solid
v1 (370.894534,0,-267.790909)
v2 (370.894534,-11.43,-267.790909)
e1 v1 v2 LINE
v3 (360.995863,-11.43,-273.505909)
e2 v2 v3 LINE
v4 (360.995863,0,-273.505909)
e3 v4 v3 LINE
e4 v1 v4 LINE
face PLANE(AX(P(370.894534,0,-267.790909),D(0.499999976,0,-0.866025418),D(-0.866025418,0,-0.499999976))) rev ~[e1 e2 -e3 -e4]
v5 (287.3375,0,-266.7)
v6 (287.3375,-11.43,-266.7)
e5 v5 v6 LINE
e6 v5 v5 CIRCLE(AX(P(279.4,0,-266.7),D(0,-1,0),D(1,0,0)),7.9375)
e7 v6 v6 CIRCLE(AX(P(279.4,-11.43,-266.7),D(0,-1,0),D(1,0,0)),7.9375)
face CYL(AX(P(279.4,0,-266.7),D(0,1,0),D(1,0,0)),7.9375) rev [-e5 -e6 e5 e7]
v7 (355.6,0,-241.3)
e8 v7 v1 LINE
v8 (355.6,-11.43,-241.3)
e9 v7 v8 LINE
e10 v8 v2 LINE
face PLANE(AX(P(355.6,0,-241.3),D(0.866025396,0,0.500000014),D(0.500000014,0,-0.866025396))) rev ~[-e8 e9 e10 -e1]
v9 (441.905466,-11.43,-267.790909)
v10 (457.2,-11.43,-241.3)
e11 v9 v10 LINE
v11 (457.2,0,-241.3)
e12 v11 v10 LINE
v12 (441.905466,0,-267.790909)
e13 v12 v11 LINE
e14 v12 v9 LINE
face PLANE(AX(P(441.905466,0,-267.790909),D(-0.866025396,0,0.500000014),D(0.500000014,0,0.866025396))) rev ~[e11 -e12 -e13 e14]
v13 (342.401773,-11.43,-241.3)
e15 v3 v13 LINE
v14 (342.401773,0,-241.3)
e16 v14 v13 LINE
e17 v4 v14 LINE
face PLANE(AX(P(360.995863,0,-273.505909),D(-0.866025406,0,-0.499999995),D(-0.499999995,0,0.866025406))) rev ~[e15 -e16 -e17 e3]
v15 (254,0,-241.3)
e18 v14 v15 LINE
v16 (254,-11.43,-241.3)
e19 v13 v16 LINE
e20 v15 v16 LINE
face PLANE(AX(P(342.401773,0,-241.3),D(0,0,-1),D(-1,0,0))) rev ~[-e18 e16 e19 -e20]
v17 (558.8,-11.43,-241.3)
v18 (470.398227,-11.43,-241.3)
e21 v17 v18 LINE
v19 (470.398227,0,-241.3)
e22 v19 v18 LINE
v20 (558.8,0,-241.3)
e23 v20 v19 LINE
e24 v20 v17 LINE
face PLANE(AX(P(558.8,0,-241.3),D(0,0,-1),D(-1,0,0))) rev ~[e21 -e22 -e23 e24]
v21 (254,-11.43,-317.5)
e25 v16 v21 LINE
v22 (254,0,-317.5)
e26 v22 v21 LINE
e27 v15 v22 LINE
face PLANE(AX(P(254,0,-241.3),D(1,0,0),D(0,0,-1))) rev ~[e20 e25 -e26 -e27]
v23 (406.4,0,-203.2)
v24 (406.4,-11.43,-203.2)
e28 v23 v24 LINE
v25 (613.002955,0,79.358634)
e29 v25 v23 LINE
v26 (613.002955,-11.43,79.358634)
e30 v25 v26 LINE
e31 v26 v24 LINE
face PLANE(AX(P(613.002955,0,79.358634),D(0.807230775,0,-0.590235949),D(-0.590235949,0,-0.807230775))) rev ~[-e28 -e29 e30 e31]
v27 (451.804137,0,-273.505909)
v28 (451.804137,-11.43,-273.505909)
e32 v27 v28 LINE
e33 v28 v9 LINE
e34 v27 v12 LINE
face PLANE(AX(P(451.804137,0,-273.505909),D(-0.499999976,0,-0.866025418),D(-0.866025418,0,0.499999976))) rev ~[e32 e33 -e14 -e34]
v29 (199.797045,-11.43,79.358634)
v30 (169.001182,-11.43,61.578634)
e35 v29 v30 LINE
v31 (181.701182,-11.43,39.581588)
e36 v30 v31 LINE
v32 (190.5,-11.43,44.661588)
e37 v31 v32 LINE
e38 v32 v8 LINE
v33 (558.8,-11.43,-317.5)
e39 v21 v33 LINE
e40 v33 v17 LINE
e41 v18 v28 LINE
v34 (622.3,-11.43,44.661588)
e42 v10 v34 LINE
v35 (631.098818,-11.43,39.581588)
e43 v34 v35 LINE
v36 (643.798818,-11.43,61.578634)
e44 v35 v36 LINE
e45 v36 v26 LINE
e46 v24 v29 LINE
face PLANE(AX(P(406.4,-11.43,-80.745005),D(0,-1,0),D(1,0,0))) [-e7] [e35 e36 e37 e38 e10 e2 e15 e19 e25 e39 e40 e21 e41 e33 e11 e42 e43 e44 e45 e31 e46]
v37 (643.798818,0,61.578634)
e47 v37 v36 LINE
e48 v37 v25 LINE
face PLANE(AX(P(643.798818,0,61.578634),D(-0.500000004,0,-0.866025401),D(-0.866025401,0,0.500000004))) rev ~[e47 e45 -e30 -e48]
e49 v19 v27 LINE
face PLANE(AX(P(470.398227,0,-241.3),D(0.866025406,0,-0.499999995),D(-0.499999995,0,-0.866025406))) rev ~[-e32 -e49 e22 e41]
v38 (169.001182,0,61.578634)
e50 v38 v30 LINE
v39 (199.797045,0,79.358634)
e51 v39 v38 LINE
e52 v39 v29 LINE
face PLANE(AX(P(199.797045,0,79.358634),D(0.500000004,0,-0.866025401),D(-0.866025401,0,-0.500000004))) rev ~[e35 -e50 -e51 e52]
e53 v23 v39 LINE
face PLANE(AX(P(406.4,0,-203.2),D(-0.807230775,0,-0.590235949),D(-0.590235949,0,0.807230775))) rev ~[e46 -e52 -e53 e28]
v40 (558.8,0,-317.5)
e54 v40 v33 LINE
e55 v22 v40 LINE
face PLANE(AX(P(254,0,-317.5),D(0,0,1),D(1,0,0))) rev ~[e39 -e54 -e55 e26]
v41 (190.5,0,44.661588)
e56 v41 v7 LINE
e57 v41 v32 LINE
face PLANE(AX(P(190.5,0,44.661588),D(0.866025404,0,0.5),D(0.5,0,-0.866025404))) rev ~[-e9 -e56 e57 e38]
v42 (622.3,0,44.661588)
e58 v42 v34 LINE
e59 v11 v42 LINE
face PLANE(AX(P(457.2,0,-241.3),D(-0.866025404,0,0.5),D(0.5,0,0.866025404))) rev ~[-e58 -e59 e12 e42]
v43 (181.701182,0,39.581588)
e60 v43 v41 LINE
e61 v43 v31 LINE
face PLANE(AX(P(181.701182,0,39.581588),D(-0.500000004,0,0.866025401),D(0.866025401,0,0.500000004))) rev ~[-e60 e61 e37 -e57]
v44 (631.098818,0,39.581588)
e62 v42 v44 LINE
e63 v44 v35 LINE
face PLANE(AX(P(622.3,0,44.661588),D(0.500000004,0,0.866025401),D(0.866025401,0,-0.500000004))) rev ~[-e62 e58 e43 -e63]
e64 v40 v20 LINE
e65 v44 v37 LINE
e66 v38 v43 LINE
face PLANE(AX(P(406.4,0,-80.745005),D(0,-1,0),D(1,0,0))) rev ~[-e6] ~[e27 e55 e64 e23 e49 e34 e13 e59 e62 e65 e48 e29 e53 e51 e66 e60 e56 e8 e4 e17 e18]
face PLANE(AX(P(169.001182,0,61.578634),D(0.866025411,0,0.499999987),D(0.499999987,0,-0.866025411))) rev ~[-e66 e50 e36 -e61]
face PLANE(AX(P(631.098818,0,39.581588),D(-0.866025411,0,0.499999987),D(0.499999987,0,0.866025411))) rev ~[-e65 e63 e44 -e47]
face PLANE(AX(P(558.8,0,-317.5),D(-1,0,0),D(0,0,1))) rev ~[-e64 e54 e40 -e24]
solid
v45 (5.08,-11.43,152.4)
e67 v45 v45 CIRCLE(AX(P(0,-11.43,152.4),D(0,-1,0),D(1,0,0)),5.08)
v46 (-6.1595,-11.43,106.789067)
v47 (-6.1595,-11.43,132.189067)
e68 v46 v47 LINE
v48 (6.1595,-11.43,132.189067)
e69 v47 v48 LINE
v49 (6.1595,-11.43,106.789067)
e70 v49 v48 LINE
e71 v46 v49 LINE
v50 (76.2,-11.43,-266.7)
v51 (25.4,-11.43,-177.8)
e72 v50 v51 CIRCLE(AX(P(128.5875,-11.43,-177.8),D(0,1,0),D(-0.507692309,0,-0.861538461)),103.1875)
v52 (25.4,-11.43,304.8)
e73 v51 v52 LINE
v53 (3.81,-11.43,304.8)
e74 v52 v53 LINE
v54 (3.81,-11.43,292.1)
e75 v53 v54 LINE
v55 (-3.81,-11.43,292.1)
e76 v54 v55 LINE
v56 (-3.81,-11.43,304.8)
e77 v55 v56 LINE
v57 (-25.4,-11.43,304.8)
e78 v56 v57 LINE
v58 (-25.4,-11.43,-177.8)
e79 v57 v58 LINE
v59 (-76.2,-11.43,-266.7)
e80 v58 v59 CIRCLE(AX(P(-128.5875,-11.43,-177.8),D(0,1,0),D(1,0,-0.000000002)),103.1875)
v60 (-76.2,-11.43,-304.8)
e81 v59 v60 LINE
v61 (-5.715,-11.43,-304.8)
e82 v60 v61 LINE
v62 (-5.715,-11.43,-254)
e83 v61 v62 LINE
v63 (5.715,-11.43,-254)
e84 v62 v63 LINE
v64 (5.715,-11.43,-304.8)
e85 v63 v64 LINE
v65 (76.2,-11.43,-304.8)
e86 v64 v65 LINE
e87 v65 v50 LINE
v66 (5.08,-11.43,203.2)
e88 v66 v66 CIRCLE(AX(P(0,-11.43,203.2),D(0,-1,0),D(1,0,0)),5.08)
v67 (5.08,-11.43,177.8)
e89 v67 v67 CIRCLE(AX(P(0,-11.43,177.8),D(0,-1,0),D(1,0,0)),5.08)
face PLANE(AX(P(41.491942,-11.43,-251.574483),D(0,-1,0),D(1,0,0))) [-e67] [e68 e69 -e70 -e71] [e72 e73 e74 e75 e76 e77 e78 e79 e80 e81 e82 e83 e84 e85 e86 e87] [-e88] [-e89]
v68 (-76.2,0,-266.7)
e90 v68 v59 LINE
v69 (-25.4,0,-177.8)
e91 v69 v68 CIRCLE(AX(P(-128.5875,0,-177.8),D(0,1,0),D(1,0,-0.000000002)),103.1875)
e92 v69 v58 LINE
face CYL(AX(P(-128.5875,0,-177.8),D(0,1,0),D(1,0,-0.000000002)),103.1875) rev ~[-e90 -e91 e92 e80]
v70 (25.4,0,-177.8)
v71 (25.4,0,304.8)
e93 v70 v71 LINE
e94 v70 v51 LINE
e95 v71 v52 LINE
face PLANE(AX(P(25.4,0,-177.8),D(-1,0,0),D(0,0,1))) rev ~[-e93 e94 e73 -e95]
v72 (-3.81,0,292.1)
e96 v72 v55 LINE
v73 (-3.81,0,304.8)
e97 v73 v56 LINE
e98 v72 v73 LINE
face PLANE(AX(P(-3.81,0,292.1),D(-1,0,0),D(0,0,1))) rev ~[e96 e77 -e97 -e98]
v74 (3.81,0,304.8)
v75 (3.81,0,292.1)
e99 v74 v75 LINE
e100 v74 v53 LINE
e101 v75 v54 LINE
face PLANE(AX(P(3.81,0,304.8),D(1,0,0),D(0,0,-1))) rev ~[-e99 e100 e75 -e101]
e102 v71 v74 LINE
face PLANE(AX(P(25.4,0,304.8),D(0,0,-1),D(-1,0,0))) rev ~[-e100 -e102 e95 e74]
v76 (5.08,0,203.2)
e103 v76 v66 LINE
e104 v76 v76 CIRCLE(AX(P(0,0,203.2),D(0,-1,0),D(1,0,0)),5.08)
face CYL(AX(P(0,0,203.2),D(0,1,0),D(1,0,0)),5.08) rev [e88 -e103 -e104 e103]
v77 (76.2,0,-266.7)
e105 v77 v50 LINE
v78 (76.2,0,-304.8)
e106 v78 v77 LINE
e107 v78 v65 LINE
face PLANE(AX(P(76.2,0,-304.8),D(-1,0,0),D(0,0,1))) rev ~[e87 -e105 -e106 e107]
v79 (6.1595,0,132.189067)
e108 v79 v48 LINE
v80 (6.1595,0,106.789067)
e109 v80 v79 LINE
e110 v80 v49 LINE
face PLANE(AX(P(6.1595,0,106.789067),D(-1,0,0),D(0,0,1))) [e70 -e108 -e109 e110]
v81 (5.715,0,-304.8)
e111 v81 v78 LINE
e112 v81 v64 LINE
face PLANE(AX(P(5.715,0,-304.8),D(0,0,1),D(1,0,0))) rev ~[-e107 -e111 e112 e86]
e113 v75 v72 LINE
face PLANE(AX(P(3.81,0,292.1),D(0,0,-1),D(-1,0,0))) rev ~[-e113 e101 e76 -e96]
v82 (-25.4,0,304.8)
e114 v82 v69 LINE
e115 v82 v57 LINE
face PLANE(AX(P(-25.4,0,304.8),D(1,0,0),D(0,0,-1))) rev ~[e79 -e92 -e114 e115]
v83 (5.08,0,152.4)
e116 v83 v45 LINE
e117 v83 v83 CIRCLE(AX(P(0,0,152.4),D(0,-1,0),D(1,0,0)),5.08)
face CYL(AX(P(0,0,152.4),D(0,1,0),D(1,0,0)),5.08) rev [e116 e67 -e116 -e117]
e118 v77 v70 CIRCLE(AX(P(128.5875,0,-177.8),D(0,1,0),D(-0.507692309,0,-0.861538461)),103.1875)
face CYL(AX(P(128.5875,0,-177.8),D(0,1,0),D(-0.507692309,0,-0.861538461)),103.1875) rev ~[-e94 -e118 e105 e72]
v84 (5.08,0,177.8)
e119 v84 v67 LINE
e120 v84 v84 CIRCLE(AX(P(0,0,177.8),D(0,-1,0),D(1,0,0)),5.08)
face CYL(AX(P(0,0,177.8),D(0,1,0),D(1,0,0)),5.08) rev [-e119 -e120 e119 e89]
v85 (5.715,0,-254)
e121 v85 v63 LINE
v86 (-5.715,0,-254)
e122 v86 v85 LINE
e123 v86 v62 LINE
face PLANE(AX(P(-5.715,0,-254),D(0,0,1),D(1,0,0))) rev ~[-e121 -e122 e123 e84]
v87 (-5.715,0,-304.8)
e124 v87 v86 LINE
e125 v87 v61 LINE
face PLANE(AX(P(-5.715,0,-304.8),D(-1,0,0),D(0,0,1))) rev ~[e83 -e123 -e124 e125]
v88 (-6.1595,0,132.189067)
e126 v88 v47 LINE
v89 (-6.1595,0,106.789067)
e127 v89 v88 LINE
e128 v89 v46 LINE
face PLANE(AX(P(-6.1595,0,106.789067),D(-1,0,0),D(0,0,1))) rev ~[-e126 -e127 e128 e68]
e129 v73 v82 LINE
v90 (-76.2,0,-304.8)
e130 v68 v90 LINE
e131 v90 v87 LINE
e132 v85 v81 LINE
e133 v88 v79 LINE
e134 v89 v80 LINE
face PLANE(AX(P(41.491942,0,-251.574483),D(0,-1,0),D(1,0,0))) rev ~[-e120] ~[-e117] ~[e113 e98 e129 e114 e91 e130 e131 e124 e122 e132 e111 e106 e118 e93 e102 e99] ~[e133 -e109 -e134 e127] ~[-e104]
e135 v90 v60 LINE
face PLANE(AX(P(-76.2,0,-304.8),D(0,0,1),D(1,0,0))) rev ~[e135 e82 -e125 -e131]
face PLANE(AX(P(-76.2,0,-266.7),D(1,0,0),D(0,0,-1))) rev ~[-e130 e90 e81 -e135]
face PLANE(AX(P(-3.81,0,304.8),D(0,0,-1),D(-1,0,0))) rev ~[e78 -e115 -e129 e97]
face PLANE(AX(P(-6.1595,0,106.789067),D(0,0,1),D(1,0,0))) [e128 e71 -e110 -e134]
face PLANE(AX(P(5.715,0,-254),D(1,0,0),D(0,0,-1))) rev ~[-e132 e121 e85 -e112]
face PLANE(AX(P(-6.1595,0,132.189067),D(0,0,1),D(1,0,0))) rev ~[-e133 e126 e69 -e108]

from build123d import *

# Parameters (mm, degrees)
F0_W     = 12.319
F0_H     = 25.4
F0_R     = 5.08
F0_R_2   = 7.9375
F1_DEPTH = 11.43


with BuildPart() as f1:
    # F0 (on Front) → F1 (new body)
    with BuildSketch(Plane.XZ):
        with BuildLine():
            ThreePointArc((76.2, -266.7), (38.995661, -228.995337), (25.4, -177.8))
            Line((25.4, -177.8), (25.4, -304.8))
            Line((25.4, -304.8), (76.2, -304.8))
            Line((76.2, -304.8), (76.2, -266.7))
        make_face()
        Polygon((-3.81, 304.8), (-25.4, 304.8), (-25.4, -177.8), (-25.4, -304.8), (-5.715, -304.8), (-5.715, -254), (5.715, -254), (5.715, -304.8), (25.4, -304.8), (25.4, -177.8), (25.4, 304.8), (3.81, 304.8), (3.81, 292.1), (-3.81, 292.1), align=None)
        with Locations((0, 119.489067)):
            Rectangle(F0_W, F0_H, mode=Mode.SUBTRACT)
        with Locations((0, 152.4)):
            Circle(F0_R, mode=Mode.SUBTRACT)
        with Locations((0, 177.8)):
            Circle(F0_R, mode=Mode.SUBTRACT)
        with Locations((0, 203.2)):
            Circle(F0_R, mode=Mode.SUBTRACT)
        with BuildLine():
            Line((-25.4, -304.8), (-25.4, -177.8))
            ThreePointArc((-25.4, -177.8), (-38.995661, -228.995337), (-76.2, -266.7))
            Line((-76.2, -266.7), (-76.2, -304.8))
            Line((-76.2, -304.8), (-25.4, -304.8))
        make_face()
        Polygon((190.5, 44.661588), (355.6, -241.3), (457.2, -241.3), (622.3, 44.661588), (635, 66.658634), (613.002955, 79.358634), (406.4, -203.2), (199.797045, 79.358634), (177.8, 66.658634), align=None)
        Polygon((254, -241.3), (254, -317.5), (558.8, -317.5), (558.8, -241.3), (470.398227, -241.3), (451.804137, -273.505909), (441.905466, -267.790909), (457.2, -241.3), (355.6, -241.3), (370.894534, -267.790909), (360.995863, -273.505909), (342.401773, -241.3), align=None)
        with Locations((279.4, -266.7)):
            Circle(F0_R_2, mode=Mode.SUBTRACT)
        Polygon((181.701182, 39.581588), (190.5, 44.661588), (177.8, 66.658634), (169.001182, 61.578634), align=None)
        Polygon((635, 66.658634), (622.3, 44.661588), (631.098818, 39.581588), (643.798818, 61.578634), align=None)
    extrude(amount=F1_DEPTH)


solid = f1.part
